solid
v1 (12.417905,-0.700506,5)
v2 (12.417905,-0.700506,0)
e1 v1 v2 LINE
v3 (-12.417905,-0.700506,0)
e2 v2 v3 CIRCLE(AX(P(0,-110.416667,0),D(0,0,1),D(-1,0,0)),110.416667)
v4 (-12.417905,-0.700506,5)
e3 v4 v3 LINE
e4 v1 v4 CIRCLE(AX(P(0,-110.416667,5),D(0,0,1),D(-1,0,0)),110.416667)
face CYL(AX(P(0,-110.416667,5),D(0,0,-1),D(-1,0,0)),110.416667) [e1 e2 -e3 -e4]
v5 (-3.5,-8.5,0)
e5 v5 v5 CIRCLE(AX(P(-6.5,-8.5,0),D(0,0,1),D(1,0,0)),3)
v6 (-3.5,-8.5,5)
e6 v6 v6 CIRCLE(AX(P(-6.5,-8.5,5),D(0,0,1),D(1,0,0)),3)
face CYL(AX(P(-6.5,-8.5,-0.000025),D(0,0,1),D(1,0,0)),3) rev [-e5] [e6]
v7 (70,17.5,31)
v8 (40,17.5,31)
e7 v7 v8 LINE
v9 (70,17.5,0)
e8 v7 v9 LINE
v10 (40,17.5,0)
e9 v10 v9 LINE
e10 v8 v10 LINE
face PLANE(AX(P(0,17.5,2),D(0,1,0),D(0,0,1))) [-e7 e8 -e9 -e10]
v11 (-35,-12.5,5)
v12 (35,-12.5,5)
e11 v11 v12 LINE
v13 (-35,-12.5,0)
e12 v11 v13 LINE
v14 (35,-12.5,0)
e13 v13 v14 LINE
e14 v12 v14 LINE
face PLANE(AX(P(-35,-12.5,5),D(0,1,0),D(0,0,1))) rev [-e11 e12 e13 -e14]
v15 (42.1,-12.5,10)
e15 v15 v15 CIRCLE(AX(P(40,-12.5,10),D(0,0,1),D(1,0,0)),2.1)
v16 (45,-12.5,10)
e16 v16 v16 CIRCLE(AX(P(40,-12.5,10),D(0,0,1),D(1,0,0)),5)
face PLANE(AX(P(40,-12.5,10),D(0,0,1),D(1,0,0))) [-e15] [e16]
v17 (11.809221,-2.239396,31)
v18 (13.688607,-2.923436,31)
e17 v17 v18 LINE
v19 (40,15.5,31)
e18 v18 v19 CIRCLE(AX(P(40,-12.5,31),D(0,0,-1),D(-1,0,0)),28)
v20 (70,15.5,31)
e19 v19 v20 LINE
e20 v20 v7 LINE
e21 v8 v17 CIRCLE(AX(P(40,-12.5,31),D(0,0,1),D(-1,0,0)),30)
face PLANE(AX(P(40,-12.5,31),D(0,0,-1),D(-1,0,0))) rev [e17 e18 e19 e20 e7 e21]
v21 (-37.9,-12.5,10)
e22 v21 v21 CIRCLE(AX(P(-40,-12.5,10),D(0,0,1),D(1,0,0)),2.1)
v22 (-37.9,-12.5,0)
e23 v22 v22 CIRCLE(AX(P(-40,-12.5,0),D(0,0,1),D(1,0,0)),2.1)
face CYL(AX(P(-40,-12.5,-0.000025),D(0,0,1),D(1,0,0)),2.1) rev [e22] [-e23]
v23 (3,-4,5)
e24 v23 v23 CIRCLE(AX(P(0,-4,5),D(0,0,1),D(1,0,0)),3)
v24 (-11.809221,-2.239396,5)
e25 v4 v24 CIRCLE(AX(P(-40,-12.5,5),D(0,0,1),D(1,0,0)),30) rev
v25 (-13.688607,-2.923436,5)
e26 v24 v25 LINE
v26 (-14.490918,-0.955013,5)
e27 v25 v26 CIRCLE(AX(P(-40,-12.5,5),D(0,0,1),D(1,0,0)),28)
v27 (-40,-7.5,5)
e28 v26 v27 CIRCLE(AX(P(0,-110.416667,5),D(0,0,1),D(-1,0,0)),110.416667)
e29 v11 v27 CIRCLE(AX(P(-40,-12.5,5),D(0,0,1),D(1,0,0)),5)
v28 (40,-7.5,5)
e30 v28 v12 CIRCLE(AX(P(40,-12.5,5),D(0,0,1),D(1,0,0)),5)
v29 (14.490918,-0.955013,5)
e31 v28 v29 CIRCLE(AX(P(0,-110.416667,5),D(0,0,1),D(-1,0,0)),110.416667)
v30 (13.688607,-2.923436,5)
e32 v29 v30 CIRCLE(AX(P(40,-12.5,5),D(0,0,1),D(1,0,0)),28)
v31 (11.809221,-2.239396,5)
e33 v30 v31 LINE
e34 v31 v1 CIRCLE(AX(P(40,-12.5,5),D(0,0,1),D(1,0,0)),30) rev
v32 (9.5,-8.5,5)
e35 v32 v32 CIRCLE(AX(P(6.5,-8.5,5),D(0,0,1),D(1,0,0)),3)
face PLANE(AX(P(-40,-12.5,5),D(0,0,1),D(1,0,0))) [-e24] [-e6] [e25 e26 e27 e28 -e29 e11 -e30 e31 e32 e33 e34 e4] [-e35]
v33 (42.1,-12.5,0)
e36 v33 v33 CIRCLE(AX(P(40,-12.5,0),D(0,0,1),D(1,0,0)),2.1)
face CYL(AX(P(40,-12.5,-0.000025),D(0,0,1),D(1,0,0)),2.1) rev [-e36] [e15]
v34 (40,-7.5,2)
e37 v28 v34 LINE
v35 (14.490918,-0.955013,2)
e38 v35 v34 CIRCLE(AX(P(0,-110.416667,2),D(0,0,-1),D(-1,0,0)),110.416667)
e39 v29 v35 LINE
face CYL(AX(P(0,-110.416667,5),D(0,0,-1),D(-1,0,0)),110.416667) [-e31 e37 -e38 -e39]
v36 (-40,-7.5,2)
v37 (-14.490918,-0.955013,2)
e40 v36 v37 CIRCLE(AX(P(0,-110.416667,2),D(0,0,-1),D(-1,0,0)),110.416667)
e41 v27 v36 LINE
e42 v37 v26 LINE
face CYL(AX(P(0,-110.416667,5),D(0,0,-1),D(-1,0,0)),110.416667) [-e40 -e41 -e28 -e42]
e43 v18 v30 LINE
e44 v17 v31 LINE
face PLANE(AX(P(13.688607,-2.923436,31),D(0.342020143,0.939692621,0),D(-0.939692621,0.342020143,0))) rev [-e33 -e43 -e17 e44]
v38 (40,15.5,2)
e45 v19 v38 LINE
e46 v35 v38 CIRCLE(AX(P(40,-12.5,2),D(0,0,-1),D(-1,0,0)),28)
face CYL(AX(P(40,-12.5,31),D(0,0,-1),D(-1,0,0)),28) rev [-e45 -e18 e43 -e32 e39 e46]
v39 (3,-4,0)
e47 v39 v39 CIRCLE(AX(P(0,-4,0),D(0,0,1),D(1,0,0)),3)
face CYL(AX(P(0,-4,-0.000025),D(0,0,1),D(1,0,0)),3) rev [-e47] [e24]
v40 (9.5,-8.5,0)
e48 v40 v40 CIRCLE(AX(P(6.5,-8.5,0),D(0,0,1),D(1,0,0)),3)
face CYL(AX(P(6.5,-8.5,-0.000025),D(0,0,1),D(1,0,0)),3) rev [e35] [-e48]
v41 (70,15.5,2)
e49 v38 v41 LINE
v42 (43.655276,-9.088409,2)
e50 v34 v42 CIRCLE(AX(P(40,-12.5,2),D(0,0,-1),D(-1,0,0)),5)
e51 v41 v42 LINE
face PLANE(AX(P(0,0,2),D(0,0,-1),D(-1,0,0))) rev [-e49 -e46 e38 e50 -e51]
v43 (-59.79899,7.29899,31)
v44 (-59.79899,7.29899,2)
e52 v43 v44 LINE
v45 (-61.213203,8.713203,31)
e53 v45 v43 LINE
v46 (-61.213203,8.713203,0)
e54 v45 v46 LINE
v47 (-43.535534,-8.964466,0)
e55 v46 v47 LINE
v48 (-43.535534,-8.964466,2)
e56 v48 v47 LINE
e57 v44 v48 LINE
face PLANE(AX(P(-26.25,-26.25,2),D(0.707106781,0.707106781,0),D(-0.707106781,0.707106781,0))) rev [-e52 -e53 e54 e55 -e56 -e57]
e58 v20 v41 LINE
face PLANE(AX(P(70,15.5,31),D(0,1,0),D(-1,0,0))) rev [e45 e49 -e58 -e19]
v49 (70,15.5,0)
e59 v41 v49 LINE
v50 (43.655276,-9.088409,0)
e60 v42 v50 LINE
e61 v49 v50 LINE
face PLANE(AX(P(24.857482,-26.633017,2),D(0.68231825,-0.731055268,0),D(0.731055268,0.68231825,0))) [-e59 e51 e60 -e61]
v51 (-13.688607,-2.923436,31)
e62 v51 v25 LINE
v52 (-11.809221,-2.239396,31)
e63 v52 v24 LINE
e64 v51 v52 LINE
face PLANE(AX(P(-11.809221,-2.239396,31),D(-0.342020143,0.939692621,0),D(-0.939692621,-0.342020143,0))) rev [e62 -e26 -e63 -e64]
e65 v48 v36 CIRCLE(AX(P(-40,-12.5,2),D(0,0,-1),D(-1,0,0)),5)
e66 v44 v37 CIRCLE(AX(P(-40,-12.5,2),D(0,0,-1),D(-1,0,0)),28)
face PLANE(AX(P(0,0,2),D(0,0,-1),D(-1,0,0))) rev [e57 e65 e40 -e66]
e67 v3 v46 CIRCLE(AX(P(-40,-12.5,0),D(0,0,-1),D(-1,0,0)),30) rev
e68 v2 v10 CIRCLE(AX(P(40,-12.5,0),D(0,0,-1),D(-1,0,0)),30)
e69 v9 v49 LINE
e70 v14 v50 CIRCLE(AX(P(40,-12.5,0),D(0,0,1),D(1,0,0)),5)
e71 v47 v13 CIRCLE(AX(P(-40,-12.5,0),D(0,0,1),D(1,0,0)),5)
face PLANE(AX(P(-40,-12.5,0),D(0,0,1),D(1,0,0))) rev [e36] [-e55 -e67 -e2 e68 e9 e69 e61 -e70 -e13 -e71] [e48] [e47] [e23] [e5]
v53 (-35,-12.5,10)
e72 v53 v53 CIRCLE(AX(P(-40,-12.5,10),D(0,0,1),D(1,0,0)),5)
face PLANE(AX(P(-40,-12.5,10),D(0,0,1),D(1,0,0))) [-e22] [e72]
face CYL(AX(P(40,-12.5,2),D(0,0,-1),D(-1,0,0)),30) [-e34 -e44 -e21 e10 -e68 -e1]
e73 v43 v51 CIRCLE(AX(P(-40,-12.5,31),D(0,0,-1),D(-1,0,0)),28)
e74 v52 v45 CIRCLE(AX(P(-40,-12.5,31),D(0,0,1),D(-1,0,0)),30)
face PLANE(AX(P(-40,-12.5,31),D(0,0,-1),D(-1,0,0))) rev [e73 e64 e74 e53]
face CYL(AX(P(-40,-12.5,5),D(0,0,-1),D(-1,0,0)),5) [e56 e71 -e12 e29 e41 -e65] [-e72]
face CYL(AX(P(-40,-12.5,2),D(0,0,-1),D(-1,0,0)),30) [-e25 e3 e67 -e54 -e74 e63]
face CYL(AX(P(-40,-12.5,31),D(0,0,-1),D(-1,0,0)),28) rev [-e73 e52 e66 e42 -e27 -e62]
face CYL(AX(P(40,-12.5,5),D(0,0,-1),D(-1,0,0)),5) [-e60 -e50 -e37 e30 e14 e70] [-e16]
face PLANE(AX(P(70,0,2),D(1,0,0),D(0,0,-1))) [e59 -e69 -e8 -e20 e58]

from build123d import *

# Parameters (mm, degrees)
BOSS_EXTRUDE1_DEPTH = 5
SKETCH3_R           = 5
BOSS_EXTRUDE2_DEPTH = 5
BOSS_EXTRUDE3_DEPTH = 2
BOSS_EXTRUDE5_DEPTH = 29
SKETCH6_R           = 2.1
SKETCH6_R_2         = 3
CUT_EXTRUDE1_DEPTH  = 11


with BuildPart() as part:
    # Sketch2 → Boss-Extrude1 (new body)
    with BuildSketch(Plane.XY):
        with BuildLine():
            Line((-35, -12.5), (35, -12.5))
            ThreePointArc((35, -12.5), (43.535533906, -16.035533906), (40, -7.5))
            ThreePointArc((40, -7.5), (0, 0), (-40, -7.5))
            ThreePointArc((-40, -7.5), (-43.535533906, -16.035533906), (-35, -12.5))
        make_face()
    extrude(amount=BOSS_EXTRUDE1_DEPTH)

    # Sketch3 → Boss-Extrude2 (add)
    with BuildSketch(Plane.XY.offset(5)):
        with Locations((-40, -12.5)):
            Circle(SKETCH3_R)
        with Locations(Location((40, -12.5, 0), (0, 0, 180))):  # turned: the seam where the file's is
            Circle(SKETCH3_R)
    extrude(amount=BOSS_EXTRUDE2_DEPTH)

    # Sketch4 → Boss-Extrude3 (add)
    with BuildSketch(Plane(origin=(0, 0, 0), x_dir=(-1, 0, 0), z_dir=(0, 0, -1))):
        with BuildLine():
            Line((-40, 17.5), (-70, 17.5))
            Line((-70, 17.5), (-70, 15.5))
            Line((-70, 15.5), (-43.655276341, -9.088408748))
            ThreePointArc((-43.655276341, -9.088408748), (-41.992742299, -7.914263622), (-40, -7.5))
            ThreePointArc((-40, -7.5), (-26.428535361, -3.209517668), (-12.417905405, -0.700506038))
            ThreePointArc((-12.417905405, -0.700506038), (-23.477058659, 12.539816482), (-40, 17.5))
        make_face()
        with BuildLine():
            ThreePointArc((61.213203436, 8.713203436), (34.317115595, 16.95682985), (12.417905405, -0.700506038))
            ThreePointArc((12.417905405, -0.700506038), (26.428535361, -3.209517668), (40, -7.5))
            ThreePointArc((40, -7.5), (41.913417162, -7.880602337), (43.535533906, -8.964466094))
            Line((43.535533906, -8.964466094), (61.213203436, 8.713203436))
        make_face()
    extrude(amount=-BOSS_EXTRUDE3_DEPTH)

    # Sketch5 → Boss-Extrude5 (add)
    with BuildSketch(Plane.XY.offset(2)):
        with BuildLine():
            Line((-59.798989873, 7.298989873), (-61.213203436, 8.713203436))
            ThreePointArc((-61.213203436, 8.713203436), (-33.506811582, 16.788880214), (-11.809221376, -2.2393957))
            Line((-11.809221376, -2.2393957), (-13.688606618, -2.923435987))
            ThreePointArc((-13.688606618, -2.923435987), (-33.93969081, 14.836288199), (-59.798989873, 7.298989873))
        make_face()
        with BuildLine():
            Line((40, 17.5), (70, 17.5))
            Line((70, 17.5), (70, 15.5))
            Line((70, 15.5), (40, 15.5))
            ThreePointArc((40, 15.5), (23.939859782, 10.43625724), (13.688606618, -2.923435987))
            Line((13.688606618, -2.923435987), (11.809221376, -2.2393957))
            ThreePointArc((11.809221376, -2.2393957), (22.792706909, 12.074561329), (40, 17.5))
        make_face()
    extrude(amount=BOSS_EXTRUDE5_DEPTH)

    # Sketch6 → Cut-Extrude1 (cut, through all)
    with BuildSketch(Plane.XY.offset(10)):
        with Locations((-40, -12.5)):
            Circle(SKETCH6_R)
        with Locations((40, -12.5)):
            Circle(SKETCH6_R)
        with Locations((0, -4)):
            Circle(SKETCH6_R_2)
        with Locations((-6.5, -8.5)):
            Circle(SKETCH6_R_2)
        with Locations((6.5, -8.5)):
            Circle(SKETCH6_R_2)
    extrude(amount=-CUT_EXTRUDE1_DEPTH, mode=Mode.SUBTRACT)


solid = part.part
